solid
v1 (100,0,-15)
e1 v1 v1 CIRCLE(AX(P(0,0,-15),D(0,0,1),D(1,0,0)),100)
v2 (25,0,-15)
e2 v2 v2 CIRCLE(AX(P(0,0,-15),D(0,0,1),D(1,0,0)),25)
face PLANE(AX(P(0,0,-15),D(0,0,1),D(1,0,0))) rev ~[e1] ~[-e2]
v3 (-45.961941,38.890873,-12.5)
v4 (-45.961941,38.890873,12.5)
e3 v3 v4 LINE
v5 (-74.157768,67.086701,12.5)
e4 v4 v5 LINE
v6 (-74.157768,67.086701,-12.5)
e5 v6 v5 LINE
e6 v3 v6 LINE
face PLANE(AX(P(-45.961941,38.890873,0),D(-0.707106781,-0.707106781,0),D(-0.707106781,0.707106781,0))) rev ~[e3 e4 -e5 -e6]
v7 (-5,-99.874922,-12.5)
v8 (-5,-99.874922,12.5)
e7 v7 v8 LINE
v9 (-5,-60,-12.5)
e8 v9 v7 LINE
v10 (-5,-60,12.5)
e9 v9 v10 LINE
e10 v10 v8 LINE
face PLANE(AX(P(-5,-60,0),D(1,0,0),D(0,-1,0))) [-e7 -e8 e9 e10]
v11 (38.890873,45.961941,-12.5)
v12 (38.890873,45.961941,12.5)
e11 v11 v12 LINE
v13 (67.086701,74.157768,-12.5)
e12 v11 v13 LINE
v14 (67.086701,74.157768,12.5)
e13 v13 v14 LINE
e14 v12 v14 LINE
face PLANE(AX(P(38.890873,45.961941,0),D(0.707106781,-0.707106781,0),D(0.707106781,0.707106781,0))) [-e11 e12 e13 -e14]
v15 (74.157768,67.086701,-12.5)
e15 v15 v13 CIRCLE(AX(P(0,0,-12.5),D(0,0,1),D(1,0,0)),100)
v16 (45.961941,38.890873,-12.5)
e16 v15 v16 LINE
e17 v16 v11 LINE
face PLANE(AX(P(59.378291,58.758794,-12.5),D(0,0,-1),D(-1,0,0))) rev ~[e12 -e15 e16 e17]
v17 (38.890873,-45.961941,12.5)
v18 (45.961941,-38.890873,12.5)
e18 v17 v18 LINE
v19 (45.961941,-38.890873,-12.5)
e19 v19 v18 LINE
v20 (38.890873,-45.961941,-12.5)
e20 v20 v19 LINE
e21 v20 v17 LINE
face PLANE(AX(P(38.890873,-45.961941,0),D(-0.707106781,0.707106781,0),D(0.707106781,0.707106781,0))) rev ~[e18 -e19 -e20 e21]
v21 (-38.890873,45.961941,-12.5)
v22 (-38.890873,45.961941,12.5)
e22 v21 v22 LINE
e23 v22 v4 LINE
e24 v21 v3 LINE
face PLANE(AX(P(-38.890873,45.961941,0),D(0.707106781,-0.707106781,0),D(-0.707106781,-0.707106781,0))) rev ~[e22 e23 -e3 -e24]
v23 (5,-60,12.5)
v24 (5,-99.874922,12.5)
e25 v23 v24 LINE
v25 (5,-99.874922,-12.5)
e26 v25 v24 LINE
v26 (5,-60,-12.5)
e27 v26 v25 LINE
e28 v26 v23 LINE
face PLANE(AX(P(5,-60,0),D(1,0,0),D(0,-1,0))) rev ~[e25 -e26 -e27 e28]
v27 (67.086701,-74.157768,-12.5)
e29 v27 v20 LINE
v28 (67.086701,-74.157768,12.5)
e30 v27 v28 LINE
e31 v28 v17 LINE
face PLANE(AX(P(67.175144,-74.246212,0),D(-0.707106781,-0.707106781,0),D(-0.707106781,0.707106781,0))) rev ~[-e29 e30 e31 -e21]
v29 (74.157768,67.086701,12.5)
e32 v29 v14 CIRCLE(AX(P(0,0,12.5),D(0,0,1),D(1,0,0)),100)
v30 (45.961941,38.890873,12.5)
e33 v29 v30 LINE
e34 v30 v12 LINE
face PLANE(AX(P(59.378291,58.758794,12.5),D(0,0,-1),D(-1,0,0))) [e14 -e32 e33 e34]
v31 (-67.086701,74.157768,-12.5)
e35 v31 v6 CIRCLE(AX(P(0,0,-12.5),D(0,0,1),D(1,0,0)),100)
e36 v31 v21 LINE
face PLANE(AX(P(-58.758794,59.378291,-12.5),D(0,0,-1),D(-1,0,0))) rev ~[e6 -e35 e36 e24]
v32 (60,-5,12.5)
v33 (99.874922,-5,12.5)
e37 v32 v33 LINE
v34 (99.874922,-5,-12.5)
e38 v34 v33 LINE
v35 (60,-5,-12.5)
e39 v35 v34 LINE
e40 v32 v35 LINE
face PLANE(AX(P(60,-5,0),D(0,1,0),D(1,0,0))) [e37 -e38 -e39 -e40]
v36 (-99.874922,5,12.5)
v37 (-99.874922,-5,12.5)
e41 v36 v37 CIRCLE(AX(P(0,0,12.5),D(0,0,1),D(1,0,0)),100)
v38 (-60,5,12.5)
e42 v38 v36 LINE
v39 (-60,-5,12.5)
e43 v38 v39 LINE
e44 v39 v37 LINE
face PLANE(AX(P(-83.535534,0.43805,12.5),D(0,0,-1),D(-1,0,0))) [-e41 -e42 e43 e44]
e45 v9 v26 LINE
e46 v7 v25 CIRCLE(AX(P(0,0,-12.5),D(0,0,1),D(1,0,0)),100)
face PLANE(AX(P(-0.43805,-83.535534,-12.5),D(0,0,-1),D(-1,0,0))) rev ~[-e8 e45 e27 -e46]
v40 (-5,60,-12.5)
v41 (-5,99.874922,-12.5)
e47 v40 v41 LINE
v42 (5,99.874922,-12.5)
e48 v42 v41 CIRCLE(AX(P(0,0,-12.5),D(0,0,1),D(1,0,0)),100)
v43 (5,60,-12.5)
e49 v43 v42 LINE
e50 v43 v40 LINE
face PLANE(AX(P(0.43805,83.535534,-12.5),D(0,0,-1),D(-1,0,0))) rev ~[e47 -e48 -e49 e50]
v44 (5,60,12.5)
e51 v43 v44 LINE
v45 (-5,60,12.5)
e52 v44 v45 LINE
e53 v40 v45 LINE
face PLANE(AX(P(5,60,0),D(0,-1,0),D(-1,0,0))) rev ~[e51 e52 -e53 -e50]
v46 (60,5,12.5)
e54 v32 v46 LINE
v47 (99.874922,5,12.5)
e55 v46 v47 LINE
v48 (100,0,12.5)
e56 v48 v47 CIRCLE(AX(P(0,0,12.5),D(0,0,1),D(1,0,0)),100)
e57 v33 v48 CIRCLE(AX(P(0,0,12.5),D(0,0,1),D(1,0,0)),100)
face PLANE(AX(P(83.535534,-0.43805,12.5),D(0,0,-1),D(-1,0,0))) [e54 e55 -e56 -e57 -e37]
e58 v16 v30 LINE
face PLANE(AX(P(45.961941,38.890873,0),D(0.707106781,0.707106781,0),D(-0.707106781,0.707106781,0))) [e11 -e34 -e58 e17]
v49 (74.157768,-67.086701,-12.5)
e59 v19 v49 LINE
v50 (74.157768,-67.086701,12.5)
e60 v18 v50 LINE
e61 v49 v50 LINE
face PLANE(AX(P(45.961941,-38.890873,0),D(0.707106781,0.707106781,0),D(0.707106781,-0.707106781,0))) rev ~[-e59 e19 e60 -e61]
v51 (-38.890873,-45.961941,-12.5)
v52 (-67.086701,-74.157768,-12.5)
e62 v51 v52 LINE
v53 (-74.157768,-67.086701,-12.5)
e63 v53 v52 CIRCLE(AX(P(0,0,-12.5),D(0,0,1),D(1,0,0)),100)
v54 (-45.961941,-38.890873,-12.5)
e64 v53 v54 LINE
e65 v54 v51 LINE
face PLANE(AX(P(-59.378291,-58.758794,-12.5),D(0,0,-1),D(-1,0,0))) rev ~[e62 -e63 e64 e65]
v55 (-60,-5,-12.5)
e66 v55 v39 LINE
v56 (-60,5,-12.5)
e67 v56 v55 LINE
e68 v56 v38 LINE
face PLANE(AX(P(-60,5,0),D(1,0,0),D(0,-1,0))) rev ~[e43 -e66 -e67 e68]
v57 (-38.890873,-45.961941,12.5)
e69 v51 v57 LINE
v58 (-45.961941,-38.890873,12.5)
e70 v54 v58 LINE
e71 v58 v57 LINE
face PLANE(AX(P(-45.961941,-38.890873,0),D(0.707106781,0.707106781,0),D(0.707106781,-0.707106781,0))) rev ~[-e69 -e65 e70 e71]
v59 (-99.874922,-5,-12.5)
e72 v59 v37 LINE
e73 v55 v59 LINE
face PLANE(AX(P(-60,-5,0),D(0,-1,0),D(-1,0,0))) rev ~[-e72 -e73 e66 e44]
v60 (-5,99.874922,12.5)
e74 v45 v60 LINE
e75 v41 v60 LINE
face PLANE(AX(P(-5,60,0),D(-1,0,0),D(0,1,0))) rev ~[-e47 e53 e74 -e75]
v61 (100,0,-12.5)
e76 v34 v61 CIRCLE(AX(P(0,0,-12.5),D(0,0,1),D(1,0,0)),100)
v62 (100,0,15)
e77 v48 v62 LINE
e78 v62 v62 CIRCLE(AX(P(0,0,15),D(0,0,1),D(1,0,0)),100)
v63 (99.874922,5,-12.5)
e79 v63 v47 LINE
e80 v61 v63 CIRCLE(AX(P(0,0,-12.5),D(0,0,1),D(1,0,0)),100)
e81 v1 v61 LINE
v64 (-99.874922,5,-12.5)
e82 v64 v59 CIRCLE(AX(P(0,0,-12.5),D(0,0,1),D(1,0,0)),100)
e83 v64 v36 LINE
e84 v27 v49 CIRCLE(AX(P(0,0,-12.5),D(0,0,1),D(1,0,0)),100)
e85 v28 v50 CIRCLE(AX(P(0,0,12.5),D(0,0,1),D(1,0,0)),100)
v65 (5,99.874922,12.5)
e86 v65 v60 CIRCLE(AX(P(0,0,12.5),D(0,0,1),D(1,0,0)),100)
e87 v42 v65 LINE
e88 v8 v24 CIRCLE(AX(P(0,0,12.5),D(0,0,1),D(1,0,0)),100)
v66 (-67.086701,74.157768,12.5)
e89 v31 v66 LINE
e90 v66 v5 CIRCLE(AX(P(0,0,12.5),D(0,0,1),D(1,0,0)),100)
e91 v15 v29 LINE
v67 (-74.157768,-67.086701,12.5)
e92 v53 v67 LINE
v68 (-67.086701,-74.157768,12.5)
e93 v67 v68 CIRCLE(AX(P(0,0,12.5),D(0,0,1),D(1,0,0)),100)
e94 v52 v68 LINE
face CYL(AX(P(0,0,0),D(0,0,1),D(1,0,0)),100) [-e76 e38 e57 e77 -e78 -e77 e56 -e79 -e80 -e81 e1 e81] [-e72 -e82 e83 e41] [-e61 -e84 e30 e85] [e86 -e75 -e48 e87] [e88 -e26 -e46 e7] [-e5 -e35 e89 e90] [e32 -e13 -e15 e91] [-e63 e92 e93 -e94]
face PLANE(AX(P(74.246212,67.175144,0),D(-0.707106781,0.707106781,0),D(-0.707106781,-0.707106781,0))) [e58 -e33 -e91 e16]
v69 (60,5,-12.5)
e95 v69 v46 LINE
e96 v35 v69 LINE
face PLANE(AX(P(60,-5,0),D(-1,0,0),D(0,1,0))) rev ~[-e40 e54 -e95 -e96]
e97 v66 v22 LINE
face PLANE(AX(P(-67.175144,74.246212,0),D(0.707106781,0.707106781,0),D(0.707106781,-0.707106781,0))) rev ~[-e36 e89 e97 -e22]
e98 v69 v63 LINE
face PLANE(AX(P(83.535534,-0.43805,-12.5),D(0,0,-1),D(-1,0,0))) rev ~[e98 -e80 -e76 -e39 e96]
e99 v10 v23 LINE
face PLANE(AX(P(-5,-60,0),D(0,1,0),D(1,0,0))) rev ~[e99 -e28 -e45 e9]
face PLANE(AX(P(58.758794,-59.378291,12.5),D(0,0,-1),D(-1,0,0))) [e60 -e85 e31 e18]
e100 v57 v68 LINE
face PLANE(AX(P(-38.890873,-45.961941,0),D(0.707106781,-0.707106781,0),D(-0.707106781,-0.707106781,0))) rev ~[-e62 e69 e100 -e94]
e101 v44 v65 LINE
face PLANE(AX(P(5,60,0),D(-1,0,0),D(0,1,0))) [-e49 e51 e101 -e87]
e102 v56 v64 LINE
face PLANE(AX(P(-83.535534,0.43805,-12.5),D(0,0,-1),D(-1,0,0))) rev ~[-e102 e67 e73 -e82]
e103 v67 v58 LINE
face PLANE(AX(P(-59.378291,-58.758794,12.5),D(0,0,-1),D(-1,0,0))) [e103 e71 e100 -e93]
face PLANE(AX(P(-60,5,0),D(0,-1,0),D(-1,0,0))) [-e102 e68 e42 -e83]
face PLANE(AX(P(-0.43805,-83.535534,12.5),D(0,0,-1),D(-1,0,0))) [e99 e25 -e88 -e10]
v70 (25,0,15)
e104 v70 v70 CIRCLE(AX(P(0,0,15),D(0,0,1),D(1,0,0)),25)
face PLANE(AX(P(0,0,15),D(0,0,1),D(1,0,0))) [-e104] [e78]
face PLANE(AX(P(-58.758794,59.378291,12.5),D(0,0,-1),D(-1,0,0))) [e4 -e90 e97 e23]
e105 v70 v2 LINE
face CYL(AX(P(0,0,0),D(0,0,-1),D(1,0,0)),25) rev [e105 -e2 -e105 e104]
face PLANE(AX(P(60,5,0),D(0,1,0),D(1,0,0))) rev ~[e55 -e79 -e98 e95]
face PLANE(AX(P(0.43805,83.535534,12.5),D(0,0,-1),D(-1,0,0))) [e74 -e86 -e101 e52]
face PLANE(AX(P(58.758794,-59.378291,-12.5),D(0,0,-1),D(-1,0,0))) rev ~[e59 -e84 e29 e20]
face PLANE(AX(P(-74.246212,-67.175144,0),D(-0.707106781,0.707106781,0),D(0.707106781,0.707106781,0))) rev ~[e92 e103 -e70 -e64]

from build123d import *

# Parameters (mm, degrees)
SKETCH1_R           = 100
SKETCH1_R_2         = 25
BOSS_EXTRUDE1_DEPTH = 15
CUT_EXTRUDE1_DEPTH  = 12.5


with BuildPart() as part:
    # Sketch1 → Boss-Extrude1 (new, symmetric)
    with BuildSketch(Plane.XY):
        Circle(SKETCH1_R)
        Circle(SKETCH1_R_2, mode=Mode.SUBTRACT)
    extrude(amount=BOSS_EXTRUDE1_DEPTH, both=True)

    # Sketch2 → Cut-Extrude1 (cut, symmetric)
    with BuildSketch(Plane.XY):
        Polygon((100, 5), (110, -5), (100, -5), (60, -5), (60, 5), align=None)
        Polygon((45.961940777, -38.890872965), (74.246212025, -67.175144213), (74.246212025, -81.317279836), (67.175144213, -74.246212025), (38.890872965, -45.961940777), align=None)
        Polygon((5, -60), (5, -100), (-5, -110), (-5, -100), (-5, -60), align=None)
        Polygon((-38.890872965, -45.961940777), (-67.175144213, -74.246212025), (-81.317279836, -74.246212025), (-74.246212025, -67.175144213), (-45.961940777, -38.890872965), align=None)
        Polygon((-60, -5), (-100, -5), (-110, 5), (-100, 5), (-60, 5), align=None)
        Polygon((-45.961940777, 38.890872965), (-74.246212025, 67.175144213), (-74.246212025, 81.317279836), (-67.175144213, 74.246212025), (-38.890872965, 45.961940777), align=None)
        Polygon((-5, 60), (-5, 100), (5, 110), (5, 100), (5, 60), align=None)
        Polygon((38.890872965, 45.961940777), (67.175144213, 74.246212025), (81.317279836, 74.246212025), (74.246212025, 67.175144213), (45.961940777, 38.890872965), align=None)
    extrude(amount=CUT_EXTRUDE1_DEPTH, both=True, mode=Mode.SUBTRACT)


solid = part.part
